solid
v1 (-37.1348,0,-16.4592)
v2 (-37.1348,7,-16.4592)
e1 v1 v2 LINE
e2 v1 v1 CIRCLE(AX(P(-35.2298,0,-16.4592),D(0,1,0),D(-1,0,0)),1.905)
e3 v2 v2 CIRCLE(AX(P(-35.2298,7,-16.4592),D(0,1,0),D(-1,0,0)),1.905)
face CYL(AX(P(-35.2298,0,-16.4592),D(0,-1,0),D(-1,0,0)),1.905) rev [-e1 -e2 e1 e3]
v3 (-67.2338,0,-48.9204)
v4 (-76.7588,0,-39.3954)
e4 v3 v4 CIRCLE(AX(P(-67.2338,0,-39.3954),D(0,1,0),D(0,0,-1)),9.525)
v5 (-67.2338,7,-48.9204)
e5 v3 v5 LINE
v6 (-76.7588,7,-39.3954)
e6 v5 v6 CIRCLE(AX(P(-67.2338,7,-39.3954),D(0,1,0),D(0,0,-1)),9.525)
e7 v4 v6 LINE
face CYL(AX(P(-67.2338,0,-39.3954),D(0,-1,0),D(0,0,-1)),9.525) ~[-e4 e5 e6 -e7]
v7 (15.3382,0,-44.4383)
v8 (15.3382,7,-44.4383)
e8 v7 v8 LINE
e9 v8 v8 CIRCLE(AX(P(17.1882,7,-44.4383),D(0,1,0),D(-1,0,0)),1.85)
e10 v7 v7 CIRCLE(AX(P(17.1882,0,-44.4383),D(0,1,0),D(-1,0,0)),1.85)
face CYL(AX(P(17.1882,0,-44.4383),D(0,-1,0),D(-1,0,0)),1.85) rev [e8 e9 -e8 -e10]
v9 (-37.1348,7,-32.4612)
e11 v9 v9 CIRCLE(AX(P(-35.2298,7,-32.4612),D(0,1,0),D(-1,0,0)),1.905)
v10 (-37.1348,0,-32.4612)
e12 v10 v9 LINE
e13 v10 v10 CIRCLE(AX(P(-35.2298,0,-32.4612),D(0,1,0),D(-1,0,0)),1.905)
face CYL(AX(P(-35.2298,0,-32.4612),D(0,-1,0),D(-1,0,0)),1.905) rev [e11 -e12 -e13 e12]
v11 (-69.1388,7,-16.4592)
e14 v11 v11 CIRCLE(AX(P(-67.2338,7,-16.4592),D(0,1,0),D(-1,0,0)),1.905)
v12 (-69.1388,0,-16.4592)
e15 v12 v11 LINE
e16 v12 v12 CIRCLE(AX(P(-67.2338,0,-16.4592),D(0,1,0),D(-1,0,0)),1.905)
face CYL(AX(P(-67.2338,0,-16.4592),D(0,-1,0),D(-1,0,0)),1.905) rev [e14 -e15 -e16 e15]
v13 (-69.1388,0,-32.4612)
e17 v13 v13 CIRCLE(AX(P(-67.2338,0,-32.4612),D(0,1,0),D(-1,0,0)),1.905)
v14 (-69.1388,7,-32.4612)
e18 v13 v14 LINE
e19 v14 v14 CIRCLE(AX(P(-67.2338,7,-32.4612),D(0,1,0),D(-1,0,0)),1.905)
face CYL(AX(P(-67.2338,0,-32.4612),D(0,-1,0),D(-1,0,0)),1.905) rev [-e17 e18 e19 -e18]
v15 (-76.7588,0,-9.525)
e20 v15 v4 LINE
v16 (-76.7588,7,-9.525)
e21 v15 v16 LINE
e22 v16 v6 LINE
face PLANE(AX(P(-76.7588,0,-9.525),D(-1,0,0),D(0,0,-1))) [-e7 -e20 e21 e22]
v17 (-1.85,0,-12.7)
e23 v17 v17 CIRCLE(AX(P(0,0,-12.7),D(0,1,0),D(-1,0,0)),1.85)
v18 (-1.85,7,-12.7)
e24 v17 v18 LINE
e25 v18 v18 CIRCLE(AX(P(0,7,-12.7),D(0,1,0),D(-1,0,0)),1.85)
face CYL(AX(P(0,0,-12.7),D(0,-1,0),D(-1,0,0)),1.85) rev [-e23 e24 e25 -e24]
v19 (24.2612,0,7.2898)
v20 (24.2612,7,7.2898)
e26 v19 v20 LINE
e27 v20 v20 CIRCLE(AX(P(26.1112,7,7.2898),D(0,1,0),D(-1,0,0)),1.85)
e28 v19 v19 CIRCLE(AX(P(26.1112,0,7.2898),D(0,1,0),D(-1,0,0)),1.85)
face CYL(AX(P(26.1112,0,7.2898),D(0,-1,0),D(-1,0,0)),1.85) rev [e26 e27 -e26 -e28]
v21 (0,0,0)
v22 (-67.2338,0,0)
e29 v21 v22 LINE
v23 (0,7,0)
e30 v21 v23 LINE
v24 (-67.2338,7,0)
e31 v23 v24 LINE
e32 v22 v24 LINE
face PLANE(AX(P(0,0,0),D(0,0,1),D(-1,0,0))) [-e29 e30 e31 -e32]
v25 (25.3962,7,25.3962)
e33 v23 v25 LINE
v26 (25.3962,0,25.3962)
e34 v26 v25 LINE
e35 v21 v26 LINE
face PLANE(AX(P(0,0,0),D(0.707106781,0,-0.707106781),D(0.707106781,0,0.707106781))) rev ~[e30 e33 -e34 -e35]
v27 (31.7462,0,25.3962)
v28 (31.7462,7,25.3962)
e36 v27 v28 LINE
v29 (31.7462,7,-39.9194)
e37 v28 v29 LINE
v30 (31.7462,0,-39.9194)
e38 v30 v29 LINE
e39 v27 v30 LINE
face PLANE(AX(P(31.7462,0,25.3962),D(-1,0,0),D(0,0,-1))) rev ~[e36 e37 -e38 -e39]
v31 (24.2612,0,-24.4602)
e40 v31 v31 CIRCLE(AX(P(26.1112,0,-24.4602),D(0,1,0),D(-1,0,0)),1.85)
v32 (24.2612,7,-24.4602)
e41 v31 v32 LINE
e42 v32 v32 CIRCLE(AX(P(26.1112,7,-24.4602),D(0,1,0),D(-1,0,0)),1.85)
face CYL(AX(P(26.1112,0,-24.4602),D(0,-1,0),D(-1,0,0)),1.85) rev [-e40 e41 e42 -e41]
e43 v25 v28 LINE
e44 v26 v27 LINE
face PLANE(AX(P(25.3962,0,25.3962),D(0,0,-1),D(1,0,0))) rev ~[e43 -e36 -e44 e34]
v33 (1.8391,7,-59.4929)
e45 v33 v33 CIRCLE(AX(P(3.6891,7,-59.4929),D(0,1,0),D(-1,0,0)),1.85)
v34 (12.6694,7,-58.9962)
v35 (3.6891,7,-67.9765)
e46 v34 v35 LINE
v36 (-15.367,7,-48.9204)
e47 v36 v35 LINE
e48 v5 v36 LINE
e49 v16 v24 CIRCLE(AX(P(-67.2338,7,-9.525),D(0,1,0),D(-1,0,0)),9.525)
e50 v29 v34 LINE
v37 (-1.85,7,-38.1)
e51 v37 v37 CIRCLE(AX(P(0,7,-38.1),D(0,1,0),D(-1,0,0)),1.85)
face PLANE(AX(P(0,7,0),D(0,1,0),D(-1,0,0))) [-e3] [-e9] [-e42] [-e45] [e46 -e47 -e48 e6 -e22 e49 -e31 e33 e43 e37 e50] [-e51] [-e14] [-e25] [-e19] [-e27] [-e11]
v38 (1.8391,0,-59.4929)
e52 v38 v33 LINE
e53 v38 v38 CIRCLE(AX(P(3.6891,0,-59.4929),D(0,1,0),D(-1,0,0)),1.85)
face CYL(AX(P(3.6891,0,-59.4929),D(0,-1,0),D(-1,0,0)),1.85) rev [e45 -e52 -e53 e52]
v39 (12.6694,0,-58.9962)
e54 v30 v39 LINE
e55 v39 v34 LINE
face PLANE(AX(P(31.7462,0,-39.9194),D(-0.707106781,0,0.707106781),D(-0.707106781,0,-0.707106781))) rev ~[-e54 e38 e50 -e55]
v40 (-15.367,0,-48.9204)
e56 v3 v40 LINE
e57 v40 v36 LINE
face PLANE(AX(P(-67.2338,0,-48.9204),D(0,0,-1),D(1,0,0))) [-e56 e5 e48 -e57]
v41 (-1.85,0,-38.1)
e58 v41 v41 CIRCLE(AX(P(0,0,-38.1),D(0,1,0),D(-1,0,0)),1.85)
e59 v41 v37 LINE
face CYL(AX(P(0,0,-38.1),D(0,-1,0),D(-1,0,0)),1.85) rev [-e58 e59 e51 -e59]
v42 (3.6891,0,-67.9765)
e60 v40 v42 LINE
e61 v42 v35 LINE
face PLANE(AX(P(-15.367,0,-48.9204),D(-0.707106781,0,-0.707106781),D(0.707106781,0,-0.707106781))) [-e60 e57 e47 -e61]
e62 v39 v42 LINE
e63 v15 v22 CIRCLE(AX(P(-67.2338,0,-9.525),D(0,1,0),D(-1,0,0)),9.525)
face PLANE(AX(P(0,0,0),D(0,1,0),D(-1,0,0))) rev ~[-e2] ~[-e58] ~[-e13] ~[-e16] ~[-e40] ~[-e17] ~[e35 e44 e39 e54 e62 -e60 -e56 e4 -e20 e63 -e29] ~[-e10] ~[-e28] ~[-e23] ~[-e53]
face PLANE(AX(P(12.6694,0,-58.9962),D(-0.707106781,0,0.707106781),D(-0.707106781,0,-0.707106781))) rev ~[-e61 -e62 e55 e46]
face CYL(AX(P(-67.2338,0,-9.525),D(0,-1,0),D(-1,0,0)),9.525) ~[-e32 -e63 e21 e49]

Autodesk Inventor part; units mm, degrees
ref_plane "YZ Plane" through (0, 0, 0) normal (1, 0, 0) x (0, 1, 0)
ref_plane "XZ Plane" through (0, 0, 0) normal (0, 1, 0) x (-1, 0, 0)
ref_plane "XY Plane" through (0, 0, 0) normal (0, 0, 1) x (1, 0, 0)
sketch "Sketch1" plane through (0, 0, 0) normal (0, 1, 0) x (-1, 0, 0)
  line L0 (0, 0) -> (67.2338, 0)
  arc A0 (76.7588, -9.525) -> (67.2338, 0) centre (67.2338, -9.525) ccw
  arc A1 (67.2338, -48.9204) -> (76.7588, -39.3954) centre (67.2338, -39.3954) ccw
  line L1 (76.7588, -9.525) -> (76.7588, -39.3954)
  line L2 (67.2338, -48.9204) -> (15.367, -48.9204)
  line L3 (15.367, -48.9204) -> (-3.6891, -67.9765)
  line L4 (0, 0) -> (-25.3962, 25.3962)
  circle A2 centre (35.2298, -16.4592) radius 1.905
  circle A3 centre (35.2298, -32.4612) radius 1.905
  circle A4 centre (67.2338, -32.4612) radius 1.905
  circle A5 centre (67.2338, -16.4592) radius 1.905
  circle A6 centre (-26.1112, -24.4602) radius 1.85
  circle A7 centre (-26.1112, 7.2898) radius 1.85
  line L5 (-25.3962, 25.3962) -> (-31.7462, 25.3962)
  line L6 (-31.7462, 25.3962) -> (-31.7462, -39.9194)
  line L7 (-31.7462, -39.9194) -> (-3.6891, -67.9765)
  circle A8 centre (0, -12.7) radius 1.85
  circle A9 centre (0, -38.1) radius 1.85
  line L8 (-3.6891, -67.9765) -> (-12.6694, -58.9962)
  circle A10 centre (-3.6891, -59.4929) radius 1.85
  circle A11 centre (-17.1882, -44.4383) radius 1.85
  dimension "d21" = 6.35
extrude "Extrusion1" add sketch "Sketch1" along normal blind 7
properties part number "MotorSuspension"
